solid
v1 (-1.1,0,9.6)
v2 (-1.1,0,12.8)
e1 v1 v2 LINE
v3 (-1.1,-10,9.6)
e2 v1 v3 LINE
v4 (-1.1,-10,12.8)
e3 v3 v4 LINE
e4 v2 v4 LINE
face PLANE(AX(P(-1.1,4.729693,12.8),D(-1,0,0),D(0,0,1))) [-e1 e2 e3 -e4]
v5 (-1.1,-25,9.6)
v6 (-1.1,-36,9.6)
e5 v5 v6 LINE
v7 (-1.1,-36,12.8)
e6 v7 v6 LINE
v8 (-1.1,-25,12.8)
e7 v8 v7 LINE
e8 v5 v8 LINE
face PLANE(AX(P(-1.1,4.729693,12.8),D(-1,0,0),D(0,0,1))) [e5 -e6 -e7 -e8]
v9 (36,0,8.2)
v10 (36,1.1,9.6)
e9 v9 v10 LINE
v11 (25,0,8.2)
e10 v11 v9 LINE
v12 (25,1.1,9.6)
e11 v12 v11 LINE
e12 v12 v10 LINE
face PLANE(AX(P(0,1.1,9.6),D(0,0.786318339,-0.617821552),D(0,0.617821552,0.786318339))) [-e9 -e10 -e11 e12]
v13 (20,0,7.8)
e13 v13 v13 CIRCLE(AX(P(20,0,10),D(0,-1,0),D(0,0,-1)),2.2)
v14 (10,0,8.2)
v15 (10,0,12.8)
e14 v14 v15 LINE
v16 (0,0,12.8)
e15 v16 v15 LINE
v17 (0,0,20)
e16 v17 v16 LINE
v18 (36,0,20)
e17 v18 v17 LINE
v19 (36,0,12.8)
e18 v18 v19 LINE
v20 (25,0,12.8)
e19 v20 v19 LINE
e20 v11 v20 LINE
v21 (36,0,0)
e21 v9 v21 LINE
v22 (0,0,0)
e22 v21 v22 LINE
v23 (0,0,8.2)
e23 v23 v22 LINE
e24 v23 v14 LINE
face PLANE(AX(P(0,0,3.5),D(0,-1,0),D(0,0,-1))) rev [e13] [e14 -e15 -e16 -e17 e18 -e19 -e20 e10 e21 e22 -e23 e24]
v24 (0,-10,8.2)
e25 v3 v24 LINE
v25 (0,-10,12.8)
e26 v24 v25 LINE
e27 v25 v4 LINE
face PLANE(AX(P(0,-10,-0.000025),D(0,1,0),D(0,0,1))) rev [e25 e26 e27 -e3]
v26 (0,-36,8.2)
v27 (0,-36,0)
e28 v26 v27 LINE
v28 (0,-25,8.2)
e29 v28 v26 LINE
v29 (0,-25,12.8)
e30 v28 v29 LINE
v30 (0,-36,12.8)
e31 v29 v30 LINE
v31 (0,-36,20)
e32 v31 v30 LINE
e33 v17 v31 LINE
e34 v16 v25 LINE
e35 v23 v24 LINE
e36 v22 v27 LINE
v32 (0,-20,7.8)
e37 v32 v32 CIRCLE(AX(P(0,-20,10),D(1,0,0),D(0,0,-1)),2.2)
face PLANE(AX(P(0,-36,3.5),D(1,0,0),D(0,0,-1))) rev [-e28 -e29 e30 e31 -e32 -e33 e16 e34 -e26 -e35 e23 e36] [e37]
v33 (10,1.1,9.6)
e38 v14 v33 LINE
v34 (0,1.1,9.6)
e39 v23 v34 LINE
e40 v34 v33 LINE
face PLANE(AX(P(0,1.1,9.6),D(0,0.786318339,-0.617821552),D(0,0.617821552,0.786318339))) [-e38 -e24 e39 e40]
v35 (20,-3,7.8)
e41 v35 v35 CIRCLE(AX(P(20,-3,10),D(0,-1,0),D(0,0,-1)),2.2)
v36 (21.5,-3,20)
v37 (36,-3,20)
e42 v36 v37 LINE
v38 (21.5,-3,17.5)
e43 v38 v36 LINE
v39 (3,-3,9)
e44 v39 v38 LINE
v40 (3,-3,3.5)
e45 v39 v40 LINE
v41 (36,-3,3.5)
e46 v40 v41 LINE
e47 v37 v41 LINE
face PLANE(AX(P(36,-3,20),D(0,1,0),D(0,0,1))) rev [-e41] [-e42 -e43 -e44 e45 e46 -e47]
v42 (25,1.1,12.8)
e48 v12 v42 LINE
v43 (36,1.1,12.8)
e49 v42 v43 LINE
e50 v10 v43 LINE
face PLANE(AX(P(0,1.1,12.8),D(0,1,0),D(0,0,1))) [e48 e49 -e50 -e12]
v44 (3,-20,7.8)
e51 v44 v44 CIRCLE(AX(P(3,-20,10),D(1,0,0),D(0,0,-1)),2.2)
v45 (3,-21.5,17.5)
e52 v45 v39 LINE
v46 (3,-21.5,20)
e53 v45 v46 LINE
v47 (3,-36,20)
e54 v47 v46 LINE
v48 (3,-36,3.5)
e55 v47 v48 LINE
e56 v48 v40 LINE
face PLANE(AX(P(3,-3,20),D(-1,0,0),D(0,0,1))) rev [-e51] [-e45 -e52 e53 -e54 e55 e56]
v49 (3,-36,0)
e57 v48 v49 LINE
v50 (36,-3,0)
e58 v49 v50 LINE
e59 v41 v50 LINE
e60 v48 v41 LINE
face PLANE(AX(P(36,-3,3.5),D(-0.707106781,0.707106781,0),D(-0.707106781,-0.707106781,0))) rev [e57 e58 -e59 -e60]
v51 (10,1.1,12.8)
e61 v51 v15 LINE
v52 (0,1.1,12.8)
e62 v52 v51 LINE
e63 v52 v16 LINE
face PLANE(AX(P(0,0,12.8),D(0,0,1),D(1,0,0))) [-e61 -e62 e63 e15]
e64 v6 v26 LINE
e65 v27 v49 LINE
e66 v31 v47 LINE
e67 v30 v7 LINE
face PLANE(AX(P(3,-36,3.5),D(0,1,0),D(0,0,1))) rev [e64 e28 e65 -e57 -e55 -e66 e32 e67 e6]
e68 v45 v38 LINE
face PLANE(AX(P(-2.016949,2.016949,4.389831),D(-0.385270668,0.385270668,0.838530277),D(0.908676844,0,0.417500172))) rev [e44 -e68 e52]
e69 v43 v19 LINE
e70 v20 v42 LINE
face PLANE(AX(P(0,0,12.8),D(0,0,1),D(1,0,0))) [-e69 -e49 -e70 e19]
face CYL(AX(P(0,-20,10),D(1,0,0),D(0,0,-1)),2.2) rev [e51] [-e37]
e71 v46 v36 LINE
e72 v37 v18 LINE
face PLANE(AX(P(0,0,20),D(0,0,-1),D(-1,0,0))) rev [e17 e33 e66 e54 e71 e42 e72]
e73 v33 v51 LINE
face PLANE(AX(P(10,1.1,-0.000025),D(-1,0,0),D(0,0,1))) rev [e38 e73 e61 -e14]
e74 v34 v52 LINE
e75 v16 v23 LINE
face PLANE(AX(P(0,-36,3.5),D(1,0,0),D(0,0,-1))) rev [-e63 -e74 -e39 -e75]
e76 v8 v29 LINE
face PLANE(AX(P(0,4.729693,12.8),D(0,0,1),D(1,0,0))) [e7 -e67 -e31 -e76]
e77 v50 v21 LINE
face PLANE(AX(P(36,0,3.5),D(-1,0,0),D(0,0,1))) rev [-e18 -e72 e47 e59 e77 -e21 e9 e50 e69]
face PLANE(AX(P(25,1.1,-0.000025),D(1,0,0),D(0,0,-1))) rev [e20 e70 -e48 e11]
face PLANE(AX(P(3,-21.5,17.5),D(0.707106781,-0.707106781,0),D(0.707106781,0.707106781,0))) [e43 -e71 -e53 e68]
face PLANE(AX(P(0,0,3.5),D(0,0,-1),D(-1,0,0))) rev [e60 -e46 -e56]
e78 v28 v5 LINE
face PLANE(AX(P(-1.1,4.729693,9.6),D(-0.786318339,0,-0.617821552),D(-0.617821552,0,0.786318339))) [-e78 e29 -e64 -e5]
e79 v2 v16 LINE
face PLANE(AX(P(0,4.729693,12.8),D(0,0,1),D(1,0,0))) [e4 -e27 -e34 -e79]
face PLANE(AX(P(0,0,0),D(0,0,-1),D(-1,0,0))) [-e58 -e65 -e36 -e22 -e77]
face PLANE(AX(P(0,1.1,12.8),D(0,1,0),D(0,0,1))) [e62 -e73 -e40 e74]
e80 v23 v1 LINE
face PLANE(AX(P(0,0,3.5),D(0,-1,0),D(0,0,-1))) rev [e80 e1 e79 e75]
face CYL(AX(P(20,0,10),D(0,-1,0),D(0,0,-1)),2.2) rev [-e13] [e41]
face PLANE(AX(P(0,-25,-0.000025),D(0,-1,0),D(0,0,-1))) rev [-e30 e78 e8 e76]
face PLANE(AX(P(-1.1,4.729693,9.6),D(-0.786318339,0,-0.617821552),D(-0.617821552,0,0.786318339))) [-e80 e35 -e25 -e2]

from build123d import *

# Parameters (mm, degrees)
BOSS_EXTRUDE1_DEPTH = 3.5
BOSS_EXTRUDE2_DEPTH = 16.5
BOSS_EXTRUDE3_DEPTH = 2.5
SKETCH4_R           = 2.2
CUT_EXTRUDE1_DEPTH  = 53.773099208
SKETCH5_R           = 2.2
CUT_EXTRUDE2_DEPTH  = 53.773099208
BOSS_EXTRUDE5_DEPTH = 36
SKETCH7_W           = 15
SKETCH7_H           = 1.1
CUT_EXTRUDE3_DEPTH  = 53.496095093
BOSS_EXTRUDE6_REACH = 57.429
SKETCH9_W           = 1.1
SKETCH9_H           = 15
CUT_EXTRUDE4_DEPTH  = 53.496095093
BOSS_EXTRUDE7_START = -12.383093
BOSS_EXTRUDE7_DEPTH = 12.383093
CUT_EXTRUDE5_DEPTH  = 60.161910074
CUT_EXTRUDE6_DEPTH  = 55.699177325


with BuildPart() as part:
    # Sketch1 → Boss-Extrude1 (new body)
    with BuildSketch(Plane.XY):
        Polygon((0, -36), (0, 0), (36, 0), (36, -3), (3, -36), align=None)
    extrude(amount=BOSS_EXTRUDE1_DEPTH)

    # Sketch2 → Boss-Extrude2 (add)
    with BuildSketch(Plane.XY.offset(3.5)):
        Polygon((0, -36), (0, 0), (36, 0), (36, -3), (3, -3), (3, -36), align=None)
    extrude(amount=BOSS_EXTRUDE2_DEPTH)

    # Sketch3 → Boss-Extrude3 (add)
    with BuildSketch(Plane.XY.offset(20)):
        Polygon((3, -21.5), (21.5, -3), (3, -3), align=None)
    extrude(amount=-BOSS_EXTRUDE3_DEPTH)

    # Sketch4 → Cut-Extrude1 (cut, through all)
    with BuildSketch(Plane.XZ.offset(3)):
        with Locations(Location((20, 10, 0), (0, 0, 270))):
            Circle(SKETCH4_R)
    extrude(amount=-CUT_EXTRUDE1_DEPTH, mode=Mode.SUBTRACT)

    # Sketch5 → Cut-Extrude2 (cut, through all)
    with BuildSketch(Plane(origin=(3, 0, 0), x_dir=(0, 0, -1), z_dir=(1, 0, 0))):
        with Locations((-10, -20)):
            Circle(SKETCH5_R)
    extrude(amount=-CUT_EXTRUDE2_DEPTH, mode=Mode.SUBTRACT)

    # Sketch6 → Boss-Extrude5 (add, through all)
    with BuildSketch(Plane(origin=(36, 0, 0), x_dir=(0, 0, -1), z_dir=(1, 0, 0))):
        Polygon((-12.8, 0), (-12.8, 1.1), (-9.6, 1.1), (-8.2, 0), align=None)
    extrude(amount=-BOSS_EXTRUDE5_DEPTH)

    # Sketch7 → Cut-Extrude3 (cut, through all)
    with BuildSketch(Plane.XY.offset(12.8)):
        with Locations((17.5, 0.55)):
            Rectangle(SKETCH7_W, SKETCH7_H)
    extrude(amount=-CUT_EXTRUDE3_DEPTH, mode=Mode.SUBTRACT)

    # Boss-Extrude6: up to this face of the body (flat: up to its plane)
    boss_extrude6_end = Plane(part.part.faces().sort_by_distance((0.411825206, 0, 16.4))[0])
    # Sketch8 → Boss-Extrude6 (add, up to the picked face)
    with BuildSketch(Plane.XZ.offset(36), mode=Mode.PRIVATE) as boss_extrude6_sk1:
        Polygon((0, 8.2), (0, 12.8), (-1.1, 12.8), (-1.1, 9.6), align=None)
    boss_extrude6_tool1 = split(extrude(boss_extrude6_sk1.sketch, amount=-BOSS_EXTRUDE6_REACH, mode=Mode.PRIVATE), bisect_by=boss_extrude6_end, keep=Keep.BOTH, mode=Mode.PRIVATE)
    add(boss_extrude6_tool1.solids().sort_by(Axis((-0.517094, -36, 10.82906), (0, 1, 0)))[0])

    # Sketch9 → Cut-Extrude4 (cut, through all)
    with BuildSketch(Plane.XY.offset(12.8)):
        with Locations((-0.55, -17.5)):
            Rectangle(SKETCH9_W, SKETCH9_H)
    extrude(amount=-CUT_EXTRUDE4_DEPTH, mode=Mode.SUBTRACT)

    # Sketch11 → Boss-Extrude7 (add)
    with BuildSketch(Plane(origin=(-2.016949153, 2.016949153, 4.389830508), x_dir=(-0.9228036153935797, -0.16085056987258428, -0.35008653442856574), z_dir=(0.3852706677344363, -0.38527066773443636, -0.8385302768337725)).offset(BOSS_EXTRUDE7_START)):
        Polygon((-25.484240374, -10.032283534), (-5.436637946, -26.842805147), (-5.436637946, -6.483532076), align=None)
    extrude(amount=BOSS_EXTRUDE7_DEPTH)

    # Sketch12 → Cut-Extrude5 (cut, through all)
    with BuildSketch(Plane(origin=(36, 0, 0), x_dir=(0, 0, -1), z_dir=(1, 0, 0))):
        Polygon((-20, 0), (-20, -21.5), (-27.88359819, -21.5), (-27.88359819, 1.770842411), (-14.747015728, 1.770842411), (-14.747015728, 0), align=None)
    extrude(amount=-CUT_EXTRUDE5_DEPTH, mode=Mode.SUBTRACT)

    # Sketch13 → Cut-Extrude6 (cut, through all)
    with BuildSketch(Plane(origin=(0, 0, 0), x_dir=(1, 0, 0), z_dir=(0, 1, 0))):
        Polygon((0, -15.529411765), (0, -20), (-1.6960193, -20), align=None)
    extrude(amount=-CUT_EXTRUDE6_DEPTH, mode=Mode.SUBTRACT)


solid = part.part
